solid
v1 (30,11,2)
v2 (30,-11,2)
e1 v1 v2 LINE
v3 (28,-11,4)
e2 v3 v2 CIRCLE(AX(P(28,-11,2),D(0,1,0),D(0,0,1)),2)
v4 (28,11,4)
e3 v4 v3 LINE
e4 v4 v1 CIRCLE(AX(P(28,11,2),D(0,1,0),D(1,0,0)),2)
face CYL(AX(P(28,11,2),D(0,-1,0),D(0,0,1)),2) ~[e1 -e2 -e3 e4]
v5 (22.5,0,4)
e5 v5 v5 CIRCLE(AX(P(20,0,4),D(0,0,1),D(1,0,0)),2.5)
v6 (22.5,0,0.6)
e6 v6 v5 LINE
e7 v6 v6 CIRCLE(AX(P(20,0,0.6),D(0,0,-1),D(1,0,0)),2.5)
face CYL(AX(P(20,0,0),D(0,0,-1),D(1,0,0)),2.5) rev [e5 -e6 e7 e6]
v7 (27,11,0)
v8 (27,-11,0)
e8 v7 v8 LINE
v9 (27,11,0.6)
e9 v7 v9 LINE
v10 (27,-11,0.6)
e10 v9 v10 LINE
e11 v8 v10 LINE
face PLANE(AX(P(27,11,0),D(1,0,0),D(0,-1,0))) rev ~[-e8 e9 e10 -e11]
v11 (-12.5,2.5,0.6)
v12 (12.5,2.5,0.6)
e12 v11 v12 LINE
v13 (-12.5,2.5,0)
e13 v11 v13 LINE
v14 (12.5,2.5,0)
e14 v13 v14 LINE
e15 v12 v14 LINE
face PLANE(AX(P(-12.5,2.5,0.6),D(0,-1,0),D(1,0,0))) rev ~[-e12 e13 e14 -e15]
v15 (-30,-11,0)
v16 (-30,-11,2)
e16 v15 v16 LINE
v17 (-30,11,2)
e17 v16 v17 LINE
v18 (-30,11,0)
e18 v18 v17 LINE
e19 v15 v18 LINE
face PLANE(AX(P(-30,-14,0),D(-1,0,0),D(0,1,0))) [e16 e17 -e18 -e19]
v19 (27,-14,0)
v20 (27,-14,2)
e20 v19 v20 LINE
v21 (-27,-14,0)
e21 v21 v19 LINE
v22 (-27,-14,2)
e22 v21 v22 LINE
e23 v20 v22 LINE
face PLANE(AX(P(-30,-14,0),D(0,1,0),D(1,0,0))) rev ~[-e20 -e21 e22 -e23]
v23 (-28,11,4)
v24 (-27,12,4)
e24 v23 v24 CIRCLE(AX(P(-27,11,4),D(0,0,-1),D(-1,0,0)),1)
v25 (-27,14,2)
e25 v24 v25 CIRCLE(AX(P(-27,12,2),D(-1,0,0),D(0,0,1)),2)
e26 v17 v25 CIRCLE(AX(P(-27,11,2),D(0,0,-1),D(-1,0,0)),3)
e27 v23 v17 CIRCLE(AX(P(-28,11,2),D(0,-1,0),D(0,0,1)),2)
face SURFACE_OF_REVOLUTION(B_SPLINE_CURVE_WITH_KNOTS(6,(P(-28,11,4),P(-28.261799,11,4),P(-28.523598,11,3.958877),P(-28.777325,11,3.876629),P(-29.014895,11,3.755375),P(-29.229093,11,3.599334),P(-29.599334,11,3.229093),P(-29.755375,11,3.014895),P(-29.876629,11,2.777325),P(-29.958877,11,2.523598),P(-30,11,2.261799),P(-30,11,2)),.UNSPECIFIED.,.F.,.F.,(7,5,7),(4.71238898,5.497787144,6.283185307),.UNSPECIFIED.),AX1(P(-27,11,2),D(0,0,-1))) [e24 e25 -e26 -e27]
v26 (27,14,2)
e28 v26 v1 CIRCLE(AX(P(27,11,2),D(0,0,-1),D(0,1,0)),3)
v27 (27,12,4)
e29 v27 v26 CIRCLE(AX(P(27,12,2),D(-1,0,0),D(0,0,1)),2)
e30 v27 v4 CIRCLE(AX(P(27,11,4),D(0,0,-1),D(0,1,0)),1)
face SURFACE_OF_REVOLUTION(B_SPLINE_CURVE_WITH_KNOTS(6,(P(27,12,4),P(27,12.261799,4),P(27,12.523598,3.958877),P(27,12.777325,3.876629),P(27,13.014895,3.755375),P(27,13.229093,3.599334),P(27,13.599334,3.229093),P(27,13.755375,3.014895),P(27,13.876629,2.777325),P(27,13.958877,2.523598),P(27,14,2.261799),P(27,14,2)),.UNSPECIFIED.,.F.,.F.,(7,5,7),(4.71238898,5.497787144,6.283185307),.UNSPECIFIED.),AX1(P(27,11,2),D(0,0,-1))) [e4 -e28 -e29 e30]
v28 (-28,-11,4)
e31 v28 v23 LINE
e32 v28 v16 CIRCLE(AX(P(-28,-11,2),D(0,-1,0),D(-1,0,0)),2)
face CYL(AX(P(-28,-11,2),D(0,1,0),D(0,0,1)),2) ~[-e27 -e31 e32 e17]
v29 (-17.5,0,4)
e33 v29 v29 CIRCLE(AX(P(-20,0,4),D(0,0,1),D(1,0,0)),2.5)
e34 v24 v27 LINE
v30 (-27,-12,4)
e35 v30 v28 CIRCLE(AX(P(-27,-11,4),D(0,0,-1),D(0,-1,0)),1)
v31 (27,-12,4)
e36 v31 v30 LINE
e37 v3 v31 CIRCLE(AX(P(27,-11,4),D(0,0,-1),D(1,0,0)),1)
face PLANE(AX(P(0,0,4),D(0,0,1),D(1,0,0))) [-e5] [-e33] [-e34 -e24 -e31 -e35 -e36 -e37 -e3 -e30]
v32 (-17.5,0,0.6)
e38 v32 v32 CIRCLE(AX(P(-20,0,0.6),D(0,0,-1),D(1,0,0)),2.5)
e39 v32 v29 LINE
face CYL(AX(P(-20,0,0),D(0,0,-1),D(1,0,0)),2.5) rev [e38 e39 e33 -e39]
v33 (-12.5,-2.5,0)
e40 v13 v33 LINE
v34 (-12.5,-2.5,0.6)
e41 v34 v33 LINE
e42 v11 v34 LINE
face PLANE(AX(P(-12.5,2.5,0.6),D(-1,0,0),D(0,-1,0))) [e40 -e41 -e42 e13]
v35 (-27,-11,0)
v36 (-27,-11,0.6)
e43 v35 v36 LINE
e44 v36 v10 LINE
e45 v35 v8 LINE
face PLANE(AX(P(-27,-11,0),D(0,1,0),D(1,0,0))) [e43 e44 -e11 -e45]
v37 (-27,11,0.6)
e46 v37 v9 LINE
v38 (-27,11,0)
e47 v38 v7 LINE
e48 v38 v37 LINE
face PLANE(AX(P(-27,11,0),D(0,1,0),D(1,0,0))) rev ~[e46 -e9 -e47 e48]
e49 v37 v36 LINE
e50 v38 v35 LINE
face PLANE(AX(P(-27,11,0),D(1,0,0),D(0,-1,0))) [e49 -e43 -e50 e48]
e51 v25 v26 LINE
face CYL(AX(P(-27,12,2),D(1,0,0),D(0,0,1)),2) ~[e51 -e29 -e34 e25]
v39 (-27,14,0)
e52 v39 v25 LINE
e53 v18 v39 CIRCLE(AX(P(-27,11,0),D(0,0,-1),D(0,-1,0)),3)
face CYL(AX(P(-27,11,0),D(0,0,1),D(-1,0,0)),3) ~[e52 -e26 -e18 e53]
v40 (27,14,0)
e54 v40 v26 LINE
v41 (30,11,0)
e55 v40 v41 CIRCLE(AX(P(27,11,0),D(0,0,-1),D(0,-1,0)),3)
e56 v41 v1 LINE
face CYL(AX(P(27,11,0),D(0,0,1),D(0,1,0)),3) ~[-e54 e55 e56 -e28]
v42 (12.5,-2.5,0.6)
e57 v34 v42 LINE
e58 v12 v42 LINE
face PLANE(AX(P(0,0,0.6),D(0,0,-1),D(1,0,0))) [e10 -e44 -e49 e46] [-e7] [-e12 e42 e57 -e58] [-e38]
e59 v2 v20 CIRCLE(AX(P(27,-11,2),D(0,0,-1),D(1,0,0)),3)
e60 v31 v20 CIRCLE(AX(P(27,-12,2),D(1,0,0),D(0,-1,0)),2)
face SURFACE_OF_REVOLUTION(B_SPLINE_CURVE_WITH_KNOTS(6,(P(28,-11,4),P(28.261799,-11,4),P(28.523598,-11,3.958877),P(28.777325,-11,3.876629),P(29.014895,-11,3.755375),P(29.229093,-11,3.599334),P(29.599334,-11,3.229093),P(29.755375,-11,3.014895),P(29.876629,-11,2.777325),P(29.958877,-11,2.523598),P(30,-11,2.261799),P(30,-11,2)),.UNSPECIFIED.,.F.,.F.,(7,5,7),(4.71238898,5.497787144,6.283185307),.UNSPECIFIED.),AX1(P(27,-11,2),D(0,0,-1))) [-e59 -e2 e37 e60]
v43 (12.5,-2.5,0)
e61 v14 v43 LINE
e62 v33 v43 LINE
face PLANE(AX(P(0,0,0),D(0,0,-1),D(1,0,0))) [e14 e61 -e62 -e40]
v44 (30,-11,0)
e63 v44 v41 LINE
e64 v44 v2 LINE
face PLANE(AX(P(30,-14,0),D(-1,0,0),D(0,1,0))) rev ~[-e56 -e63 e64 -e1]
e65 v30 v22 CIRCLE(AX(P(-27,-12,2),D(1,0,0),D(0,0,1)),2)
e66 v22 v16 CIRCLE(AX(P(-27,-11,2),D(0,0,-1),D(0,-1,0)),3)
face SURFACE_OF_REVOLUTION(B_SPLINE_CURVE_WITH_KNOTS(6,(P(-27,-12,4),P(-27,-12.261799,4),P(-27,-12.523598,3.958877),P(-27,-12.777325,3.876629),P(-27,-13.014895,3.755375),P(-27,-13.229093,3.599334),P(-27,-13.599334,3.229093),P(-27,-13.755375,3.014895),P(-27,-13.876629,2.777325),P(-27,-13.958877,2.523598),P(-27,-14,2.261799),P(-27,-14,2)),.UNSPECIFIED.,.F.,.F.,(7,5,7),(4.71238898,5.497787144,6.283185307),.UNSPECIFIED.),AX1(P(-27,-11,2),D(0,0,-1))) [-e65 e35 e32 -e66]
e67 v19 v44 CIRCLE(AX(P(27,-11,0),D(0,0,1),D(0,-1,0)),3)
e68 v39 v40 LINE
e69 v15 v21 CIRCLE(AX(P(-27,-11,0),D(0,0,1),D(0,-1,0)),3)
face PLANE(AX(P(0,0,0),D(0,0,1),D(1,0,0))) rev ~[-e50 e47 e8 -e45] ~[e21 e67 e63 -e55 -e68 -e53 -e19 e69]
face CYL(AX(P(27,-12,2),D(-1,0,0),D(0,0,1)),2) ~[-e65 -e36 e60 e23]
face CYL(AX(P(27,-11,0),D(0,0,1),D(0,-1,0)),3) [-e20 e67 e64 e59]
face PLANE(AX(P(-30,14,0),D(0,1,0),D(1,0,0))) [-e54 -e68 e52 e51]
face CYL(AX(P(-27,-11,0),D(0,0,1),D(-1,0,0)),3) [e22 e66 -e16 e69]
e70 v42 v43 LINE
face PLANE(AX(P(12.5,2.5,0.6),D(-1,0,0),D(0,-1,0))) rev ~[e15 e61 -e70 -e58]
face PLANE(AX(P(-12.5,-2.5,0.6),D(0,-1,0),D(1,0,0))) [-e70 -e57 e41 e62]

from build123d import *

# Parameters (mm, degrees)
F0_W     = 60
F0_H     = 28
F0_R     = 2.5
F1_DEPTH = 4
F2_W     = 54
F2_H     = 22
F3_DEPTH = 0.6
F4_R     = 3
F5_R     = 2
F6_W     = 25
F6_H     = 5
F7_DEPTH = 0.6


with BuildPart() as f1:
    # F0 (on Top) → F1 (new body)
    with BuildSketch(Plane.XY):
        Rectangle(F0_W, F0_H)
        with Locations((-20, 0)):
            Circle(F0_R, mode=Mode.SUBTRACT)
        with Locations((20, 0)):
            Circle(F0_R, mode=Mode.SUBTRACT)
    extrude(amount=F1_DEPTH)

    # F2 (on face) → F3 (cut)
    with BuildSketch(Plane(origin=(0, 0, 0), x_dir=(1, 0, 0), z_dir=(0, 0, -1))):
        Rectangle(F2_W, F2_H)
    extrude(amount=-F3_DEPTH, mode=Mode.SUBTRACT)

    # F4
    f4_edges = [f1.edges().sort_by_distance(p)[0] for p in [
        (-30, 14, 2),
        (-30, -14, 2),
        (30, -14, 2),
        (30, 14, 2),
    ]]
    fillet(f4_edges, radius=F4_R)

    # F5
    f5_edges = [f1.edges().sort_by_distance(p)[0] for p in [
        (0, 14, 4),
    ]]
    fillet(f5_edges, radius=F5_R)

    # F6 (on face) → F7 (join, through all)
    with BuildSketch(Plane(origin=(0, 0, 0.6), x_dir=(1, 0, 0), z_dir=(0, 0, -1))):
        Rectangle(F6_W, F6_H)
    extrude(amount=F7_DEPTH)


solid = f1.part
